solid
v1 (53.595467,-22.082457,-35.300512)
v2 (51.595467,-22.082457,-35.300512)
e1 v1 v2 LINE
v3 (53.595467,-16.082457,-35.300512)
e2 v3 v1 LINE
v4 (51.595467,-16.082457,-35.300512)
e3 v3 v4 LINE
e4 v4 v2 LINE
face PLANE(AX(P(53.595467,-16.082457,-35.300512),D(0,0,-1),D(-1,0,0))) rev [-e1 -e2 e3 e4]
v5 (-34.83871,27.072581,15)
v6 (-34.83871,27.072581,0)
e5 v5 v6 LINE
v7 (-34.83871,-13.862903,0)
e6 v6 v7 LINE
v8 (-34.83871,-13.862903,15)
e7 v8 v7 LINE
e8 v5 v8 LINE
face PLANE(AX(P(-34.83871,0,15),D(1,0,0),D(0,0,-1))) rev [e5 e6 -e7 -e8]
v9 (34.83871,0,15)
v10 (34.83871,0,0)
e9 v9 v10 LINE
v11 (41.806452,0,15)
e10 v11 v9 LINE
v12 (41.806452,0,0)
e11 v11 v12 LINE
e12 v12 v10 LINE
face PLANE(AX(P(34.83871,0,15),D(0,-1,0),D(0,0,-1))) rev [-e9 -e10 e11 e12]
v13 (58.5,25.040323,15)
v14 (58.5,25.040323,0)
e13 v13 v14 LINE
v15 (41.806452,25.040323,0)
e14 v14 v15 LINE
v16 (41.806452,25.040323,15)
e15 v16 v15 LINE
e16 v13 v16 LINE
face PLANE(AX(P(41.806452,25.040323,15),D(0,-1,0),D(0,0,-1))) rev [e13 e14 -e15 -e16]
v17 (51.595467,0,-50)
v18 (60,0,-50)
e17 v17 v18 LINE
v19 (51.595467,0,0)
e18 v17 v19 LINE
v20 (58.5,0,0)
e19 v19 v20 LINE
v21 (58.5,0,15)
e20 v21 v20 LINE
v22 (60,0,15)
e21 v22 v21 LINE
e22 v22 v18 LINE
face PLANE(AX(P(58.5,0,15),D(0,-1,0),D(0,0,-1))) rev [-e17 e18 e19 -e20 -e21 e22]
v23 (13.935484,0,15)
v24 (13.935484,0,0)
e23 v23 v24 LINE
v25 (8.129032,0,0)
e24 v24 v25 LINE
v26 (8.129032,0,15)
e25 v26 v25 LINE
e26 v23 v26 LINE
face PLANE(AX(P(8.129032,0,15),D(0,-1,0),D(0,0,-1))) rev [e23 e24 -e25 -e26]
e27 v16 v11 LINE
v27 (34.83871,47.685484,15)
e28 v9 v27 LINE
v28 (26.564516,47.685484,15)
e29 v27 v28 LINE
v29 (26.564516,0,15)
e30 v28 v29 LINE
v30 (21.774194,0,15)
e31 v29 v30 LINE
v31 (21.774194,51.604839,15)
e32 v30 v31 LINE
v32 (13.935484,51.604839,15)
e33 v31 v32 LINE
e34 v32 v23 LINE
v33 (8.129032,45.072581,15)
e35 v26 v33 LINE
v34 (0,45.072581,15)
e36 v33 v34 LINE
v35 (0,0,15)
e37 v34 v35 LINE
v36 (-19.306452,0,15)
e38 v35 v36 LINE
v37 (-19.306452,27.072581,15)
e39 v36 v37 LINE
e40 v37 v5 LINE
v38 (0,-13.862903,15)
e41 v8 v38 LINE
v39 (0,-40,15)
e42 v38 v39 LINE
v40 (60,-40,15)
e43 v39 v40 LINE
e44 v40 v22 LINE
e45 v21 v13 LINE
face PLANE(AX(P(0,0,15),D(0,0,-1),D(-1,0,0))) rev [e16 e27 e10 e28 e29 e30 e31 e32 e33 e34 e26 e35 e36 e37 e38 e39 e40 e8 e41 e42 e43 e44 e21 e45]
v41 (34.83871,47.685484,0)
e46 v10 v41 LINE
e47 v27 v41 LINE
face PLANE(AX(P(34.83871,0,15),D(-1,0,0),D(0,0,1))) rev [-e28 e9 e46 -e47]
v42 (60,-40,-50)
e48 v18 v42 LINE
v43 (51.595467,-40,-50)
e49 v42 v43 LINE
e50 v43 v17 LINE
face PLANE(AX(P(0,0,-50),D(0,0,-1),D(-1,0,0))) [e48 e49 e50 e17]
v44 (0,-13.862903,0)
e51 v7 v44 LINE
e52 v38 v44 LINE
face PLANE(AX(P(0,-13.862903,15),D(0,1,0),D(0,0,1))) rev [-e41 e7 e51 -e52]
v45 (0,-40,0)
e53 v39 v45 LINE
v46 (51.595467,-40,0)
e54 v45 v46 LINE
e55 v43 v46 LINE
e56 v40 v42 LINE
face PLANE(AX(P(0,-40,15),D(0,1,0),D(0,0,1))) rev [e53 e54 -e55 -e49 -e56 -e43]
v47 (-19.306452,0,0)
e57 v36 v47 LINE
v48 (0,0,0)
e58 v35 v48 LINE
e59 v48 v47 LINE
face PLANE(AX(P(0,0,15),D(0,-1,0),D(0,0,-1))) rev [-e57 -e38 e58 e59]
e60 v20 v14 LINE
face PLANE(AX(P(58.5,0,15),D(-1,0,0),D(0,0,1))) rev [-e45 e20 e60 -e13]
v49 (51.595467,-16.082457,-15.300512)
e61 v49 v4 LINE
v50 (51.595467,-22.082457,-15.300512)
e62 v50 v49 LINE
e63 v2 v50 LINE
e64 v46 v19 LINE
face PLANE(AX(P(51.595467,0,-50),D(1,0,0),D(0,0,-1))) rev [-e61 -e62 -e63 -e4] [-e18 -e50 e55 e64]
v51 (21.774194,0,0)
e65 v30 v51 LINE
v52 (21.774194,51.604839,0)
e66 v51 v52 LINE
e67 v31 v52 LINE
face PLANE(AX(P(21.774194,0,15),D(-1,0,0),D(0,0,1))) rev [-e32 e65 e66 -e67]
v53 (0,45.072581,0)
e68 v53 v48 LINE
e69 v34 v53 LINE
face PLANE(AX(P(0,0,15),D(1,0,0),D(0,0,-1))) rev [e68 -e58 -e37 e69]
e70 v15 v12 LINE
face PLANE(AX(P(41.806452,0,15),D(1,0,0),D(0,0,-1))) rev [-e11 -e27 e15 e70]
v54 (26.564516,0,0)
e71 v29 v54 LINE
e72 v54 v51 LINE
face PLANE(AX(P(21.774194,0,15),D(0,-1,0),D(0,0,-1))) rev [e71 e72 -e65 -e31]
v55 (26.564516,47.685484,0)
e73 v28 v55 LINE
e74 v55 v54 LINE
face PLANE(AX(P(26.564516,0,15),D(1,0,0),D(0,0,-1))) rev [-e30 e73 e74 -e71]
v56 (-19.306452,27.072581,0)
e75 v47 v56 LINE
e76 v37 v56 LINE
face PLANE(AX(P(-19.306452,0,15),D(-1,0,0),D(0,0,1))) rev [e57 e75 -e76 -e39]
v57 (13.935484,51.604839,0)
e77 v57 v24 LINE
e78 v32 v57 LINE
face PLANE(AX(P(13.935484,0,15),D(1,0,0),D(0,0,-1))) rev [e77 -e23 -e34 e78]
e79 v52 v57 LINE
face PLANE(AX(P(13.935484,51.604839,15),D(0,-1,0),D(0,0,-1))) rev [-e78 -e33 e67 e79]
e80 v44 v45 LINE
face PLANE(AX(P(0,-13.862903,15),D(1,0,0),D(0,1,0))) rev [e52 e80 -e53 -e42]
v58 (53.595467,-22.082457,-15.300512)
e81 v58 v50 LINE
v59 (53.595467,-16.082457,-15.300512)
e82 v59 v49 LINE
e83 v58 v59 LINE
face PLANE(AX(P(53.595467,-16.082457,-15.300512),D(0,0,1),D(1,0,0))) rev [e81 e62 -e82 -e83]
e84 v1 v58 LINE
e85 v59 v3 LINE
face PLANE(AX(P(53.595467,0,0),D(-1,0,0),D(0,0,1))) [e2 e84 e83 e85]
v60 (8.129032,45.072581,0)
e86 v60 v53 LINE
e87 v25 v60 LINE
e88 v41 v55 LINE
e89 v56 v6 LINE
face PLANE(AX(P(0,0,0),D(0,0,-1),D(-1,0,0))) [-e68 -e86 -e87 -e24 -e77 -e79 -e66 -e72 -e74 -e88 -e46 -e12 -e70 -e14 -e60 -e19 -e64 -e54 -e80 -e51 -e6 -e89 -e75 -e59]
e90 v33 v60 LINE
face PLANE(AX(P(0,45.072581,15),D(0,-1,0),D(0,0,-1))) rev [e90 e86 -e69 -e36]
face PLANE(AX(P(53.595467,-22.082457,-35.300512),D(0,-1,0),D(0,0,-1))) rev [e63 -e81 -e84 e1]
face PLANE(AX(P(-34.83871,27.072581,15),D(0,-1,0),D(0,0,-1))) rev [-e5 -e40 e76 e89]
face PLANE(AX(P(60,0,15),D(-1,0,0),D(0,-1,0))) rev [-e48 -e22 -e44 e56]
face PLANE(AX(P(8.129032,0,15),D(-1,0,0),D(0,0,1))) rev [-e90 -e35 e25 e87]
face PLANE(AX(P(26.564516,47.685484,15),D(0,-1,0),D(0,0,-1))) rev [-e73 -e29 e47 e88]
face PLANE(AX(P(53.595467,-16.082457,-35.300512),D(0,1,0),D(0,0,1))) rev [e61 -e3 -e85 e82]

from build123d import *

# Parameters (mm, degrees)
BOSS_EXTRUDE1_DEPTH = 15
SKETCH2_W           = 8.404533339
SKETCH2_H           = 40
BOSS_EXTRUDE2_DEPTH = 50
SKETCH3_W           = 20
SKETCH3_H           = 6
CUT_EXTRUDE1_DEPTH  = 2


with BuildPart() as part:
    # Sketch1 → Boss-Extrude1 (new body)
    with BuildSketch(Plane.XY):
        Polygon((21.774193548, 0), (26.564516129, 0), (26.564516129, 47.685483871), (34.838709677, 47.685483871), (34.838709677, 0), (41.806451613, 0), (41.806451613, 25.040322581), (58.5, 25.040322581), (58.5, 0), (60, 0), (60, -40), (0, -40), (0, -13.862903226), (-34.838709677, -13.862903226), (-34.838709677, 0), (-34.838709677, 27.072580645), (-19.306451613, 27.072580645), (-19.306451613, 0), (0, 0), (0, 45.072580645), (8.129032258, 45.072580645), (8.129032258, 0), (13.935483871, 0), (13.935483871, 51.60483871), (21.774193548, 51.60483871), align=None)
    extrude(amount=BOSS_EXTRUDE1_DEPTH)

    # Sketch2 → Boss-Extrude2 (add)
    with BuildSketch(Plane(origin=(0, 0, 0), x_dir=(-1, 0, 0), z_dir=(0, 0, -1))):
        with Locations((-55.797733331, -20)):
            Rectangle(SKETCH2_W, SKETCH2_H)
    extrude(amount=BOSS_EXTRUDE2_DEPTH)

    # Sketch3 → Cut-Extrude1 (cut)
    with BuildSketch(Plane.ZY.offset(-51.595466661)):
        with Locations((-25.300512309, -19.08245708)):
            Rectangle(SKETCH3_W, SKETCH3_H)
    extrude(amount=-CUT_EXTRUDE1_DEPTH, mode=Mode.SUBTRACT)


solid = part.part
